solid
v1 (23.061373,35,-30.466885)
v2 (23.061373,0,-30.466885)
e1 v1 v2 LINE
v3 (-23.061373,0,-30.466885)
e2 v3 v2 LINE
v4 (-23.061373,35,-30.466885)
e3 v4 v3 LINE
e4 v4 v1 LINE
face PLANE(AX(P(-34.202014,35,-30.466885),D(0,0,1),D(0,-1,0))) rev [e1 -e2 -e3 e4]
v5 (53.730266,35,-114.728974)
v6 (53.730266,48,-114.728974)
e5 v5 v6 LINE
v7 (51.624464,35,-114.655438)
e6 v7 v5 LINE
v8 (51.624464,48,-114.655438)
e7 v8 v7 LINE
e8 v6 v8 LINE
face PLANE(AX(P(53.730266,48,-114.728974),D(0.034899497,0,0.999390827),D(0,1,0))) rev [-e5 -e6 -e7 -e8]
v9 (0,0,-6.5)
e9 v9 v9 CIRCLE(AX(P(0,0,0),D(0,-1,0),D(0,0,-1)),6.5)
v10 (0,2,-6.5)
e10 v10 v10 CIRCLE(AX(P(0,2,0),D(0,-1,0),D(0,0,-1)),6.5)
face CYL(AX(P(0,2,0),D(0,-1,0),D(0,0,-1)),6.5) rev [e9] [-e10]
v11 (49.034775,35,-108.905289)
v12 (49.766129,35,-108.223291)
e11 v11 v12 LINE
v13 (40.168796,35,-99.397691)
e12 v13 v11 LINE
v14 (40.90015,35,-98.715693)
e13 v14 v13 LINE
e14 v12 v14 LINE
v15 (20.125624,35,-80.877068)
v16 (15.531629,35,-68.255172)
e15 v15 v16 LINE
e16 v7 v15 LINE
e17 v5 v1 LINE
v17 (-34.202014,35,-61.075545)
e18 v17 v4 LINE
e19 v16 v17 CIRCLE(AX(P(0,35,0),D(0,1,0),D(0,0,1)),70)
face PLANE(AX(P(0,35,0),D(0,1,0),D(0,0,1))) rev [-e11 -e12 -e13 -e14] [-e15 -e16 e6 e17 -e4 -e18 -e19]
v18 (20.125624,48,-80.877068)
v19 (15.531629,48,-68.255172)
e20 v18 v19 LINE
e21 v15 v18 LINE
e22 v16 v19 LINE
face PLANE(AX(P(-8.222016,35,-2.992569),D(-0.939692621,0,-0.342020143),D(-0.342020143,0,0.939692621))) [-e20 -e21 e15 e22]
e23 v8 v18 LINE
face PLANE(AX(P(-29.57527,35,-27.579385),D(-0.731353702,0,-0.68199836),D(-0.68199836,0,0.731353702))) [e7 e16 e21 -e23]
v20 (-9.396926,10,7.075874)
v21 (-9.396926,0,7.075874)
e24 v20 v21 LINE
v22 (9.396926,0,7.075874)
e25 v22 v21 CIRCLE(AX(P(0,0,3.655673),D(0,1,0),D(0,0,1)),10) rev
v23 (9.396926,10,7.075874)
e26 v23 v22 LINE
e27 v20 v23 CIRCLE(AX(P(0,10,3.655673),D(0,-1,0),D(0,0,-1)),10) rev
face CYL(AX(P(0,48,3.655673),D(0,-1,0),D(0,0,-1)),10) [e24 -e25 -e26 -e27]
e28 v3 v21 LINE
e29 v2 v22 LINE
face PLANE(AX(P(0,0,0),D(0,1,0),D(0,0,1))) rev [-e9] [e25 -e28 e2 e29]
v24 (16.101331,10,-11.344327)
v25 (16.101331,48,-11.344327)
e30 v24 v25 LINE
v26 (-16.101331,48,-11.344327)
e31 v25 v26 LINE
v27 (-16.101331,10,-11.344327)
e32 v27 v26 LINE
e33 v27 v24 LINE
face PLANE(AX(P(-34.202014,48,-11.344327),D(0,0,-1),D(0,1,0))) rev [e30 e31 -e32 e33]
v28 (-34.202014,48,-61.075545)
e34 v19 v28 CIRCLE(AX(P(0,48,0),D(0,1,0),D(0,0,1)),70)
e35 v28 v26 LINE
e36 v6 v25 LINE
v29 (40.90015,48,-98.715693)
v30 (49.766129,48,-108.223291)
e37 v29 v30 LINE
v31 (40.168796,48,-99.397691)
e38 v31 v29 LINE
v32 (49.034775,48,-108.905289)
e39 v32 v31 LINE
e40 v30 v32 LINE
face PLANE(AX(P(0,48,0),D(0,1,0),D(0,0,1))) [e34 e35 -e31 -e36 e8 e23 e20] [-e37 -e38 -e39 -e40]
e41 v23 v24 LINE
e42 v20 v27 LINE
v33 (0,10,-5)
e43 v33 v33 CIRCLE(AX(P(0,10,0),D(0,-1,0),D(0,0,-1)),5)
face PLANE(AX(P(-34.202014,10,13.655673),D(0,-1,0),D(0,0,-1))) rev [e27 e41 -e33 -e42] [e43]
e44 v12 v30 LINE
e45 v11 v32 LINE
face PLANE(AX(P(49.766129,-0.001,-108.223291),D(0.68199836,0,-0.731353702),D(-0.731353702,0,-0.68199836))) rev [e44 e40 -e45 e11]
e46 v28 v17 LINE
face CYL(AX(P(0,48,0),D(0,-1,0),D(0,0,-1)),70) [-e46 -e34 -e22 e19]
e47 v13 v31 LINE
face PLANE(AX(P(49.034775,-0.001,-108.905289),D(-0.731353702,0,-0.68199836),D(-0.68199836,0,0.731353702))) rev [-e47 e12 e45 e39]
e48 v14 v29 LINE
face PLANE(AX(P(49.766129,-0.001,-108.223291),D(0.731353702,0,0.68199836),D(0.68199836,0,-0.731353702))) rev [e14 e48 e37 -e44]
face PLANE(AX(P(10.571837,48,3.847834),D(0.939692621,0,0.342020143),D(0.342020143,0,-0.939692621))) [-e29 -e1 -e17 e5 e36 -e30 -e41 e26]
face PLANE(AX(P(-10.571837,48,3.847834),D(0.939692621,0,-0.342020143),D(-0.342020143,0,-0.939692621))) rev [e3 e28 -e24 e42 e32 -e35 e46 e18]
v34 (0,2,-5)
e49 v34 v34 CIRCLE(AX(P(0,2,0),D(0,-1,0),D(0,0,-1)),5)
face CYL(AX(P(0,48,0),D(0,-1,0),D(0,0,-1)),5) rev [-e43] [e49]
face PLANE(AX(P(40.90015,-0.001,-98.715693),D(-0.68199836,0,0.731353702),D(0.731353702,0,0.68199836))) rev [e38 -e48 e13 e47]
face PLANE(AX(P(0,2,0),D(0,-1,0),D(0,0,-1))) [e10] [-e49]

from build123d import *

# Parameters (mm, degrees)
EXTRUDE_1_DEPTH            = 48
CUT_EXTRUDE_2_REACH        = 96.508
CUT_EXTRUDE_2_START_RADIUS = 70
CUT_EXTRUDE_2_END_RADIUS   = 70
SKETCH_3_W                 = 58.404028666
SKETCH_3_H                 = 6
EXTRUDE_2_DEPTH            = 13
CUT_EXTRUDE_3_DEPTH        = 140.034418617
CUT_EXTRUDE_3_DEPTH_BACK   = 140.034418617
SKETCH_4_W                 = 25
SKETCH_4_H                 = 38
SKETCH_4_W_2               = 40
SKETCH_4_H_2               = 25
CHAMFER_1_SIZE             = 5
CHAMFER_1_SIZE2            = 3.813196151
SKETCH_6_R                 = 6.5
CUT_EXTRUDE_4_DEPTH        = 2
SKETCH_7_R                 = 1.5
CUT_EXTRUDE_5_DEPTH        = 60
SKETCH_8_W                 = 9
SKETCH_8_H                 = 9
CUT_EXTRUDE_6_DEPTH        = 11
CUT_EXTRUDE_8_REACH        = 137.533
SKETCH_10_R                = 1
CUT_EXTRUDE_9_REACH        = 105.034
CUT_EXTRUDE_9_END_RADIUS   = 70
SKETCH_11_R                = 0.75
SKETCH_12_W                = 20
SKETCH_12_H                = 3
CUT_EXTRUDE_10_DEPTH       = 11
SKETCH_13_W                = 3.868283576
SKETCH_13_H                = 1.5
CUT_EXTRUDE_11_DEPTH       = 4
CUT_EXTRUDE_12_REACH       = 137.476
SKETCH_15_W                = 94.926723873
SKETCH_15_H                = 55.523178114
CUT_EXTRUDE_13_DEPTH       = 10


with BuildPart() as part:
    # 草图1 → 凸台-拉伸1 (new body)
    with BuildSketch(Plane(origin=(0, 0, 0), x_dir=(1, 0, 0), z_dir=(0, 1, 0))):
        with BuildLine():
            ThreePointArc((-9.396926208, -7.075874358), (-5.735764364, -11.847193368), (0, -13.655672925))
            Line((0, -13.655672925), (0, -5))
            ThreePointArc((0, -5), (-5, 0), (0, 5))
            Line((0, 5), (0, 70))
            ThreePointArc((0, 70), (-17.673593853, 67.732149533), (-34.202014333, 61.075545152))
            Line((-34.202014333, 61.075545152), (-9.396926208, -7.075874358))
        make_face()
        with BuildLine():
            Line((0, -5), (0, -13.655672925))
            ThreePointArc((0, -13.655672925), (5.735764364, -11.847193368), (9.396926208, -7.075874358))
            Line((9.396926208, -7.075874358), (34.202014333, 61.075545152))
            ThreePointArc((34.202014333, 61.075545152), (17.673593853, 67.732149533), (0, 70))
            Line((0, 70), (0, 5))
            ThreePointArc((0, 5), (3.535533906, 3.535533906), (5, 0))
            ThreePointArc((5, 0), (3.535533906, -3.535533906), (0, -5))
        make_face()
    extrude(amount=EXTRUDE_1_DEPTH)

    # 切除-拉伸2: from a cylinder face, 96.508 long prism both ways, kept between that surface and its translate by the depth
    cut_extrude_2_start = Plane(origin=(0, 5, 0), z_dir=(0, -1, 0)) * Cylinder(CUT_EXTRUDE_2_START_RADIUS, 334.016, mode=Mode.PRIVATE)
    cut_extrude_2_end = Plane(origin=(0, 5, 3), z_dir=(0, -1, 0)) * Cylinder(CUT_EXTRUDE_2_END_RADIUS, 334.016, mode=Mode.PRIVATE)
    # 草图3 → 切除-拉伸2 (cut, from a surface)
    with BuildSketch(Plane.XY, mode=Mode.PRIVATE) as cut_extrude_2_sk1:
        with Locations((3, 5)):
            Rectangle(SKETCH_3_W, SKETCH_3_H)
    cut_extrude_2_tool1 = extrude(cut_extrude_2_sk1.sketch, amount=CUT_EXTRUDE_2_REACH, both=True, mode=Mode.PRIVATE)
    add(((cut_extrude_2_tool1 & cut_extrude_2_start) - cut_extrude_2_end).solids().sort_by_distance((3, 5, -62.032204))[0], mode=Mode.SUBTRACT)

    # 草图2 → 凸台-拉伸2 (add)
    with BuildSketch(Plane(origin=(0, 48, 0), x_dir=(1, 0, 0), z_dir=(0, 1, 0))):
        Polygon((24.252642572, 33.739870901), (55.034455471, 118.312206771), (20.125623779, 80.877067961), (5.458790156, 40.580273767), align=None)
    extrude(amount=-EXTRUDE_2_DEPTH)

    # 草图4 → 切除-拉伸3 (cut, two sides: drawn at the far end of the back side and taken through both)
    with BuildSketch(Plane(origin=(0, 0, 0), x_dir=(0, 0, -1), z_dir=(1, 0, 0)).offset(-CUT_EXTRUDE_3_DEPTH_BACK)):
        with Locations((-1.155672925, 29)):
            Rectangle(SKETCH_4_W, SKETCH_4_H)
        with Locations((50.466884927, 22.5)):
            Rectangle(SKETCH_4_W_2, SKETCH_4_H_2)
    extrude(amount=CUT_EXTRUDE_3_DEPTH + CUT_EXTRUDE_3_DEPTH_BACK, mode=Mode.SUBTRACT)

    # 倒角1
    chamfer_1_edges = [part.edges().sort_by_distance(p)[0] for p in [
        (55.034455471, 41.5, -118.312206771),
    ]]
    chamfer_1_side = [part.faces().sort_by_distance(p)[0] for p in [
        (37.580039625, 41.5, -99.594637366),
    ]]
    chamfer(chamfer_1_edges, length=CHAMFER_1_SIZE, length2=CHAMFER_1_SIZE2, reference=chamfer_1_side[0])

    # 草图6 → 切除-拉伸4 (cut)
    with BuildSketch(Plane.XZ):
        with Locations(Location((0, 0, 0), (0, 0, 270))):
            Circle(SKETCH_6_R)
    extrude(amount=-CUT_EXTRUDE_4_DEPTH, mode=Mode.SUBTRACT)

    # 草图7 → 切除-拉伸5 (cut)
    with BuildSketch(Plane.XY):
        with Locations((-30.202014333, 5)):
            Circle(SKETCH_7_R)
    extrude(amount=-CUT_EXTRUDE_5_DEPTH, mode=Mode.SUBTRACT)

    # 草图8 → 切除-拉伸6 (cut)
    with BuildSketch(Plane(origin=(0, 10, 0), x_dir=(1, 0, 0), z_dir=(0, 1, 0))):
        with Locations((-30.258231885, 50.240091929)):
            Rectangle(SKETCH_8_W, SKETCH_8_H)
    extrude(amount=-CUT_EXTRUDE_6_DEPTH, mode=Mode.SUBTRACT)

    # 切除-拉伸8: up to this plane
    cut_extrude_8_end = Plane(origin=(32.202014333, 48, -62.153280468), z_dir=(-1, 0, 0))
    # 草图10 → 切除-拉伸8 (cut, up to the surface)
    with BuildSketch(Plane(origin=(10.571836839, 0, 3.847833931), x_dir=(0.34202014332566283, 0, -0.9396926207859106), z_dir=(0.9396926207859106, 0, 0.34202014332566283)), mode=Mode.PRIVATE) as cut_extrude_8_sk1:
        with Locations((67.590016934, 5)):
            Circle(SKETCH_10_R)
    cut_extrude_8_tool1 = split(extrude(cut_extrude_8_sk1.sketch, amount=-CUT_EXTRUDE_8_REACH, mode=Mode.PRIVATE), bisect_by=cut_extrude_8_end, keep=Keep.BOTH, mode=Mode.PRIVATE)
    add(cut_extrude_8_tool1.solids().sort_by_distance((33.688984, 5, -59.666006))[0], mode=Mode.SUBTRACT)

    # 切除-拉伸9: up to this cylinder (the profile starts inside it)
    cut_extrude_9_end = Plane(origin=(0, 5, 0), z_dir=(0, -1, 0)) * Cylinder(CUT_EXTRUDE_9_END_RADIUS, 351.068, mode=Mode.PRIVATE)
    # 草图11 → 切除-拉伸9 (cut, up to the surface)
    with BuildSketch(Plane.XY.offset(-60), mode=Mode.PRIVATE) as cut_extrude_9_sk1:
        with Locations((-30.202014333, 5)):
            Circle(SKETCH_11_R)
    cut_extrude_9_tool1 = extrude(cut_extrude_9_sk1.sketch, amount=-CUT_EXTRUDE_9_REACH, mode=Mode.PRIVATE) & cut_extrude_9_end
    add(cut_extrude_9_tool1.solids().sort_by_distance((-30.202014, 5, -60))[0], mode=Mode.SUBTRACT)

    # 草图12 → 切除-拉伸10 (cut)
    with BuildSketch(Plane(origin=(0, 10, 0), x_dir=(1, 0, 0), z_dir=(0, 1, 0))):
        with Locations((8.346963974, 51.411545488)):
            Rectangle(SKETCH_12_W, SKETCH_12_H)
    extrude(amount=-CUT_EXTRUDE_10_DEPTH, mode=Mode.SUBTRACT)

    # 草图13 → 切除-拉伸11 (cut)
    with BuildSketch(Plane(origin=(0, 10, 0), x_dir=(1, 0, 0), z_dir=(0, 1, 0))):
        with Locations((29.542762739, 51.411545488)):
            Rectangle(SKETCH_13_W, SKETCH_13_H)
    extrude(amount=-CUT_EXTRUDE_11_DEPTH, mode=Mode.SUBTRACT)

    # 草图14 → 切除-拉伸12 (cut, up to next)
    with BuildSketch(Plane(origin=(0, 48, 0), x_dir=(1, 0, 0), z_dir=(0, 1, 0)), mode=Mode.PRIVATE) as cut_extrude_12_sk1:
        Polygon((49.766128767, 108.223290792), (49.034775066, 108.905289152), (40.168796385, 99.397691031), (40.900150086, 98.715692671), align=None)
    cut_extrude_12_tool1 = extrude(cut_extrude_12_sk1.sketch, amount=-CUT_EXTRUDE_12_REACH, mode=Mode.PRIVATE) & part.part
    add(cut_extrude_12_tool1.solids().sort_by_distance((44.967463, 48, -103.810491))[0], mode=Mode.SUBTRACT)

    # 草图15 → 切除-拉伸13 (cut)
    with BuildSketch(Plane(origin=(0, 10, 0), x_dir=(1, 0, 0), z_dir=(0, 1, 0))):
        with Locations((-0.892742436, 58.228473984)):
            Rectangle(SKETCH_15_W, SKETCH_15_H)
    extrude(amount=-CUT_EXTRUDE_13_DEPTH, mode=Mode.SUBTRACT)


solid = part.part
